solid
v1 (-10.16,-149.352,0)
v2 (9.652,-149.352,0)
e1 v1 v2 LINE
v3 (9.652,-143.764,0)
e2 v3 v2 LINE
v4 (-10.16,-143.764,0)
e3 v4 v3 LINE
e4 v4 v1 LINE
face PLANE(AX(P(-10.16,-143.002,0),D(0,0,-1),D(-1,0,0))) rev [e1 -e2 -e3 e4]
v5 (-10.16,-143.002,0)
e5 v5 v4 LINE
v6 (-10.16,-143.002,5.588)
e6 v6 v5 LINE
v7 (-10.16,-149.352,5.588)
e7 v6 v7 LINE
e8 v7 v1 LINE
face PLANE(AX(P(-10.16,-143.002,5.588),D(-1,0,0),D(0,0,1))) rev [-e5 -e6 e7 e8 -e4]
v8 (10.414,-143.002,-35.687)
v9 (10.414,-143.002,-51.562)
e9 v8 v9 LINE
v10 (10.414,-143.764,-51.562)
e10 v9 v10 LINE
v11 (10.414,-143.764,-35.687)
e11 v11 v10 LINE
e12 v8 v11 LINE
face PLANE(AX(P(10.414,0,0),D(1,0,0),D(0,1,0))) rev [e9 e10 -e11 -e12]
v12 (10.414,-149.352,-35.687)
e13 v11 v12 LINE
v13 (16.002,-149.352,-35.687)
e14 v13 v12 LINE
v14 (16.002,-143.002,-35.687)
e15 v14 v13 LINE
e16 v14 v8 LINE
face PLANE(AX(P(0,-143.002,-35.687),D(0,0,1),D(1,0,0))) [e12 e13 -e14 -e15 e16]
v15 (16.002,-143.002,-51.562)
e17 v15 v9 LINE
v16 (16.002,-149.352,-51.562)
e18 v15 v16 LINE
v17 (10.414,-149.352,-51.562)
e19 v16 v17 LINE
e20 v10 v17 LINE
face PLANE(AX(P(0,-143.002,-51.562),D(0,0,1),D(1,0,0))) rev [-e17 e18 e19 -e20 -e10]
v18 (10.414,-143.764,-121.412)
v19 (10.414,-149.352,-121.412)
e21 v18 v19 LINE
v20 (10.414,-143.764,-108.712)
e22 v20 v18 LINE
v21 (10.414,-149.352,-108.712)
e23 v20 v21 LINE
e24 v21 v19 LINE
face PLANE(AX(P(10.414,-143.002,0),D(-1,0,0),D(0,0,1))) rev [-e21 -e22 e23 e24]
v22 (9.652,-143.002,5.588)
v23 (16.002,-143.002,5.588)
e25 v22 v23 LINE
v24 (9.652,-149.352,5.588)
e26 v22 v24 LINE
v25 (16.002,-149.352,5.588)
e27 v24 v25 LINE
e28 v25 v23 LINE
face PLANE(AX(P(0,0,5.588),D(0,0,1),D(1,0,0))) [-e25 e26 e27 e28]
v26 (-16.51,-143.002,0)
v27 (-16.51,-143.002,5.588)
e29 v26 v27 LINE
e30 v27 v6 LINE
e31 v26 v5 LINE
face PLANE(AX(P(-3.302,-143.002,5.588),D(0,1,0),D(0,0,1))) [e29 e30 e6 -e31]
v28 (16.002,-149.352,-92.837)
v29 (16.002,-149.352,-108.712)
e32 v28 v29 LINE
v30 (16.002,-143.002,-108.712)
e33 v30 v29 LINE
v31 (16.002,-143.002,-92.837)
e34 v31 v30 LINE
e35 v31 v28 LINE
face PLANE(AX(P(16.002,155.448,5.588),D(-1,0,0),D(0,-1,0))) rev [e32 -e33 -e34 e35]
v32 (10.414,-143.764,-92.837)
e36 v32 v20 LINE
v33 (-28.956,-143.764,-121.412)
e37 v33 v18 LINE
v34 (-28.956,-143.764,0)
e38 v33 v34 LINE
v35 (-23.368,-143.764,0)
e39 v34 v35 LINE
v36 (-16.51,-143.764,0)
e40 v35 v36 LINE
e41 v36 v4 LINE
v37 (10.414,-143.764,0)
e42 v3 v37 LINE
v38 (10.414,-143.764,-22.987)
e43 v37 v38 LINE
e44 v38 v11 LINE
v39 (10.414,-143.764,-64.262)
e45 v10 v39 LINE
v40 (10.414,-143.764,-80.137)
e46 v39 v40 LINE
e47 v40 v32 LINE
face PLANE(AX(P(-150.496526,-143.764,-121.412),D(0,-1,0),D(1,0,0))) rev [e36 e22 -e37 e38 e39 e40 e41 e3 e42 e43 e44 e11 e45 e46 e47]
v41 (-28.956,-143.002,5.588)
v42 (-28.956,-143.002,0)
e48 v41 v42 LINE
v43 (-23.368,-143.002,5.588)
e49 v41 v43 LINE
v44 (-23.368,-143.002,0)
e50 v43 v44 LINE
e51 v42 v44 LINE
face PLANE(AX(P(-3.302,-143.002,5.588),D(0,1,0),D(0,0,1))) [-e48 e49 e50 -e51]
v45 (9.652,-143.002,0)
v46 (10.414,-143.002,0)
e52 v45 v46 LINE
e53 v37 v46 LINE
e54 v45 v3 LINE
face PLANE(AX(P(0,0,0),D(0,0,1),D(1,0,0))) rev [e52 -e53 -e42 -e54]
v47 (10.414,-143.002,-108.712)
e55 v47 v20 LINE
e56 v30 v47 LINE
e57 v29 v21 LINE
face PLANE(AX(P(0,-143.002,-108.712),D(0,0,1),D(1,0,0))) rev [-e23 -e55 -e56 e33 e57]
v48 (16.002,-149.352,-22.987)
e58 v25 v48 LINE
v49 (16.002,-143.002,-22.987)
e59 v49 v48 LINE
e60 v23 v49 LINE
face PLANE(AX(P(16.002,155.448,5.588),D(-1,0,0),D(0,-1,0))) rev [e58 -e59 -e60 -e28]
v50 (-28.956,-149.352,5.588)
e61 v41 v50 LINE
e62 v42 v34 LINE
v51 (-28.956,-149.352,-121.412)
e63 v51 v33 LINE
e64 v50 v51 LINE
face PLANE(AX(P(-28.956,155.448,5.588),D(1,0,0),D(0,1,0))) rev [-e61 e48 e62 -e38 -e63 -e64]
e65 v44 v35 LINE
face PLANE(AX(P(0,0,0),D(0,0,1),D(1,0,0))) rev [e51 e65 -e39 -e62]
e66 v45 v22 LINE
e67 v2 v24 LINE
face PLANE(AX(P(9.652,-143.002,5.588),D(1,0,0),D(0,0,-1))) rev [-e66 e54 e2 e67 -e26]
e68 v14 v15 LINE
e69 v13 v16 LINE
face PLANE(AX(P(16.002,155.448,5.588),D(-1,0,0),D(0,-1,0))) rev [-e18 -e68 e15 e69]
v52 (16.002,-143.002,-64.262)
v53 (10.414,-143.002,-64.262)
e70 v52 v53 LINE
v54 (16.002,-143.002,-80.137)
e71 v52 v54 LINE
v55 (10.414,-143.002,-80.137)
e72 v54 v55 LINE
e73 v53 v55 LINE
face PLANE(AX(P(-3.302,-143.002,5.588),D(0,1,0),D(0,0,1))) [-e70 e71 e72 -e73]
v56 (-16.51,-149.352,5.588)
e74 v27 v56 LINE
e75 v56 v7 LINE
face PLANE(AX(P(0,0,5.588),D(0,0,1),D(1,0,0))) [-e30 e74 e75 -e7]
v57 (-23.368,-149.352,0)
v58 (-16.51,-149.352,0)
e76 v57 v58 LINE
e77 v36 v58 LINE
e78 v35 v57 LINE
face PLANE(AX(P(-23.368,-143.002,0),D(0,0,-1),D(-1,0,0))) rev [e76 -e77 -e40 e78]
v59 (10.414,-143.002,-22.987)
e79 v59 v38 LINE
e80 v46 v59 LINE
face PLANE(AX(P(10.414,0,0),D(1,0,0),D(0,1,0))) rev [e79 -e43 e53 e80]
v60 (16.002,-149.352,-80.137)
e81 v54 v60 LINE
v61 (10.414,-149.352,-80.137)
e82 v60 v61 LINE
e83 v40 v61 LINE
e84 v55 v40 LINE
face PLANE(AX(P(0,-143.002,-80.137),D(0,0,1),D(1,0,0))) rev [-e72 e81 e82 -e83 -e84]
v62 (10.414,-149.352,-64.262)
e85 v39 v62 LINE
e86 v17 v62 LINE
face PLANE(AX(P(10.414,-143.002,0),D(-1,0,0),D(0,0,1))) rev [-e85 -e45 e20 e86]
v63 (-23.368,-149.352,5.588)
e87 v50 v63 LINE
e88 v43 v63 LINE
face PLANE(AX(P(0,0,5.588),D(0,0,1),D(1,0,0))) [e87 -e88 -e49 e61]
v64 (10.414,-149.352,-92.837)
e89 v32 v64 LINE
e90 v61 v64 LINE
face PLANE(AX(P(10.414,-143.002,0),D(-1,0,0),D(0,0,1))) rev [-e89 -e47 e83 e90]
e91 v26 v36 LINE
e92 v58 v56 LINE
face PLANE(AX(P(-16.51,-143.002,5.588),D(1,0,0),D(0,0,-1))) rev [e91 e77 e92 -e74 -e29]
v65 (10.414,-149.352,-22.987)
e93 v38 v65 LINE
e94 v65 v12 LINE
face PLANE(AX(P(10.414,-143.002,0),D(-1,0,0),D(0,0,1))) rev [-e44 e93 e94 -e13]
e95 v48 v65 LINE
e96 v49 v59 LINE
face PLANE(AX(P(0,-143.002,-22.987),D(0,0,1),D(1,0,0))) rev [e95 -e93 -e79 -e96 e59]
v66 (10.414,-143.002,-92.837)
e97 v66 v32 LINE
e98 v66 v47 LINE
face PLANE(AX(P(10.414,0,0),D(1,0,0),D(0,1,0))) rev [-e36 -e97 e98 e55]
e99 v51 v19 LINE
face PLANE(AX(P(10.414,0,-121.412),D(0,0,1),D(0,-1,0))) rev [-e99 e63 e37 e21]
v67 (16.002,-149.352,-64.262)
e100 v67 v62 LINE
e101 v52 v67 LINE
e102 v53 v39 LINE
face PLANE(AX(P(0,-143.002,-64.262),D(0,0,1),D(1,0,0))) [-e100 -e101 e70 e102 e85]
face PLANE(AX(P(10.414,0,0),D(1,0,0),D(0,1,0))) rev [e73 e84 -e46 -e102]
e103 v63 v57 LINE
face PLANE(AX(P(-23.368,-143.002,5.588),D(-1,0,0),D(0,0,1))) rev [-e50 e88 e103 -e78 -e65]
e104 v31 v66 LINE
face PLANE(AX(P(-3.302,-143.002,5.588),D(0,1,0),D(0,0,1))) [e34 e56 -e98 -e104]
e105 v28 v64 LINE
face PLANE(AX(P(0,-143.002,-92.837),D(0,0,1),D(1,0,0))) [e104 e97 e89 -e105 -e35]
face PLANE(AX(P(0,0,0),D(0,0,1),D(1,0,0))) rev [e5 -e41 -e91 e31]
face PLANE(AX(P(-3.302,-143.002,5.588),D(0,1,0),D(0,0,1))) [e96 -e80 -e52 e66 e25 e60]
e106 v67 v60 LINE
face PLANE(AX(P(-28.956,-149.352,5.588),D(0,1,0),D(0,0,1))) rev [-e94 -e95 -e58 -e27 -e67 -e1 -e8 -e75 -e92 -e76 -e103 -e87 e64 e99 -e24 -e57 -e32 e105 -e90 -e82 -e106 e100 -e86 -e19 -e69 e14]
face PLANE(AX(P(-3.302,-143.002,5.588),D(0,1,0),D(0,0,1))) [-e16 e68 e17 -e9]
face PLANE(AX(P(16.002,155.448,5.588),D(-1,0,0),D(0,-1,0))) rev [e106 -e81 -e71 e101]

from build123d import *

# Parameters (mm, degrees)
SKETCH1_W           = 44.958
SKETCH1_H           = 304.8
BOSS_EXTRUDE1_DEPTH = 5.588
SKETCH2_W           = 5.588
SKETCH2_H           = 101.6
BOSS_EXTRUDE2_DEPTH = 5.588
SKETCH3_W           = 121.412
SKETCH3_H           = 5.588
BOSS_EXTRUDE3_DEPTH = 39.37
SKETCH7_W           = 332.610738736
SKETCH7_H           = 323.725005723
CUT_EXTRUDE1_DEPTH  = 45.958
SKETCH4_W           = 5.588
SKETCH4_H           = 12.7
CUT_EXTRUDE2_DEPTH  = 6.35
SKETCH8_W           = 6.858
SKETCH8_H           = 5.588
SKETCH8_W_2         = 19.812
CUT_EXTRUDE4_DEPTH  = 7.35


with BuildPart() as part:
    # Sketch1 → Boss-Extrude1 (new body)
    with BuildSketch(Plane.XY):
        with Locations((-6.477, 3.048)):
            Rectangle(SKETCH1_W, SKETCH1_H)
        with BuildLine():
            Line((-3.302, 133.858), (-3.302, -143.002))
            Line((-3.302, -143.002), (3.302, -143.002))
            Line((3.302, -143.002), (3.302, 143.002))
            Line((3.302, 143.002), (-16.256, 143.002))
            Line((-16.256, 143.002), (-16.256, 136.398))
            Line((-16.256, 136.398), (-5.842, 136.398))
            ThreePointArc((-5.842, 136.398), (-4.045948776, 135.654051224), (-3.302, 133.858))
        make_face(mode=Mode.SUBTRACT)
    extrude(amount=BOSS_EXTRUDE1_DEPTH)

    # Sketch2 → Boss-Extrude2 (add)
    with BuildSketch(Plane(origin=(16.002, 0, 0), x_dir=(0, 0, -1), z_dir=(1, 0, 0))):
        Polygon((121.412, -60.452), (121.412, -47.752), (0, -47.752), (0, -149.352), (121.412, -149.352), (121.412, -136.652), (127, -136.652), (127, -119.718666667), (121.412, -119.718666667), (121.412, -107.018666667), (127, -107.018666667), (127, -90.085333333), (121.412, -90.085333333), (121.412, -77.385333333), (127, -77.385333333), (127, -60.452), align=None)
        with BuildLine():
            ThreePointArc((11.4, -116.592), (9.9, -118.092), (8.4, -116.592))
            Line((8.4, -116.592), (8.4, -111.512))
            ThreePointArc((8.4, -111.512), (9.9, -110.012), (11.4, -111.512))
            Line((11.4, -111.512), (11.4, -116.592))
        make_face(mode=Mode.SUBTRACT)
        with BuildLine():
            Line((42.4, -111.512), (42.4, -116.592))
            ThreePointArc((42.4, -116.592), (40.9, -118.092), (39.4, -116.592))
            Line((39.4, -116.592), (39.4, -111.512))
            ThreePointArc((39.4, -111.512), (40.9, -110.012), (42.4, -111.512))
        make_face(mode=Mode.SUBTRACT)
        with BuildLine():
            ThreePointArc((36.4, -101.092), (25.4, -112.092), (14.4, -101.092))
            Line((14.4, -101.092), (14.4, -96.012))
            ThreePointArc((14.4, -96.012), (25.4, -85.012), (36.4, -96.012))
            Line((36.4, -96.012), (36.4, -101.092))
        make_face(mode=Mode.SUBTRACT)
        with BuildLine():
            ThreePointArc((11.4, -85.592), (9.9, -87.092), (8.4, -85.592))
            Line((8.4, -85.592), (8.4, -80.512))
            ThreePointArc((8.4, -80.512), (9.9, -79.012), (11.4, -80.512))
            Line((11.4, -80.512), (11.4, -85.592))
        make_face(mode=Mode.SUBTRACT)
        with BuildLine():
            ThreePointArc((42.4, -85.592), (40.9, -87.092), (39.4, -85.592))
            Line((39.4, -85.592), (39.4, -80.512))
            ThreePointArc((39.4, -80.512), (40.9, -79.012), (42.4, -80.512))
            Line((42.4, -80.512), (42.4, -85.592))
        make_face(mode=Mode.SUBTRACT)
        with Locations((-2.794, -98.552)):
            Rectangle(SKETCH2_W, SKETCH2_H)
    extrude(amount=-BOSS_EXTRUDE2_DEPTH)

    # Sketch3 → Boss-Extrude3 (add)
    with BuildSketch(Plane.ZY.offset(-10.414)):
        with Locations((-60.706, -146.558)):
            Rectangle(SKETCH3_W, SKETCH3_H)
    extrude(amount=BOSS_EXTRUDE3_DEPTH)

    # Sketch7 → Cut-Extrude1 (cut, through all)
    with BuildSketch(Plane(origin=(16.002, 0, 0), x_dir=(0, 0, -1), z_dir=(1, 0, 0))):
        with Locations((160.717369368, 18.860502861)):
            Rectangle(SKETCH7_W, SKETCH7_H)
    extrude(amount=-CUT_EXTRUDE1_DEPTH, mode=Mode.SUBTRACT)

    # Sketch4 → Cut-Extrude2 (cut)
    with BuildSketch(Plane.XZ.offset(149.352)):
        with Locations((13.208, -29.337)):
            Rectangle(SKETCH4_W, SKETCH4_H)
        with Locations((13.208, -57.912)):
            Rectangle(SKETCH4_W, SKETCH4_H)
        with Locations((13.208, -86.487)):
            Rectangle(SKETCH4_W, SKETCH4_H)
        with Locations((13.208, -115.062)):
            Rectangle(SKETCH4_W, SKETCH4_H)
    extrude(amount=-CUT_EXTRUDE2_DEPTH, mode=Mode.SUBTRACT)

    # Sketch8 → Cut-Extrude4 (cut, through all)
    with BuildSketch(Plane.XZ.offset(149.352)):
        with Locations((-19.939, 2.794)):
            Rectangle(SKETCH8_W, SKETCH8_H)
        with Locations((-0.254, 2.794)):
            Rectangle(SKETCH8_W_2, SKETCH8_H)
    extrude(amount=-CUT_EXTRUDE4_DEPTH, mode=Mode.SUBTRACT)


solid = part.part
